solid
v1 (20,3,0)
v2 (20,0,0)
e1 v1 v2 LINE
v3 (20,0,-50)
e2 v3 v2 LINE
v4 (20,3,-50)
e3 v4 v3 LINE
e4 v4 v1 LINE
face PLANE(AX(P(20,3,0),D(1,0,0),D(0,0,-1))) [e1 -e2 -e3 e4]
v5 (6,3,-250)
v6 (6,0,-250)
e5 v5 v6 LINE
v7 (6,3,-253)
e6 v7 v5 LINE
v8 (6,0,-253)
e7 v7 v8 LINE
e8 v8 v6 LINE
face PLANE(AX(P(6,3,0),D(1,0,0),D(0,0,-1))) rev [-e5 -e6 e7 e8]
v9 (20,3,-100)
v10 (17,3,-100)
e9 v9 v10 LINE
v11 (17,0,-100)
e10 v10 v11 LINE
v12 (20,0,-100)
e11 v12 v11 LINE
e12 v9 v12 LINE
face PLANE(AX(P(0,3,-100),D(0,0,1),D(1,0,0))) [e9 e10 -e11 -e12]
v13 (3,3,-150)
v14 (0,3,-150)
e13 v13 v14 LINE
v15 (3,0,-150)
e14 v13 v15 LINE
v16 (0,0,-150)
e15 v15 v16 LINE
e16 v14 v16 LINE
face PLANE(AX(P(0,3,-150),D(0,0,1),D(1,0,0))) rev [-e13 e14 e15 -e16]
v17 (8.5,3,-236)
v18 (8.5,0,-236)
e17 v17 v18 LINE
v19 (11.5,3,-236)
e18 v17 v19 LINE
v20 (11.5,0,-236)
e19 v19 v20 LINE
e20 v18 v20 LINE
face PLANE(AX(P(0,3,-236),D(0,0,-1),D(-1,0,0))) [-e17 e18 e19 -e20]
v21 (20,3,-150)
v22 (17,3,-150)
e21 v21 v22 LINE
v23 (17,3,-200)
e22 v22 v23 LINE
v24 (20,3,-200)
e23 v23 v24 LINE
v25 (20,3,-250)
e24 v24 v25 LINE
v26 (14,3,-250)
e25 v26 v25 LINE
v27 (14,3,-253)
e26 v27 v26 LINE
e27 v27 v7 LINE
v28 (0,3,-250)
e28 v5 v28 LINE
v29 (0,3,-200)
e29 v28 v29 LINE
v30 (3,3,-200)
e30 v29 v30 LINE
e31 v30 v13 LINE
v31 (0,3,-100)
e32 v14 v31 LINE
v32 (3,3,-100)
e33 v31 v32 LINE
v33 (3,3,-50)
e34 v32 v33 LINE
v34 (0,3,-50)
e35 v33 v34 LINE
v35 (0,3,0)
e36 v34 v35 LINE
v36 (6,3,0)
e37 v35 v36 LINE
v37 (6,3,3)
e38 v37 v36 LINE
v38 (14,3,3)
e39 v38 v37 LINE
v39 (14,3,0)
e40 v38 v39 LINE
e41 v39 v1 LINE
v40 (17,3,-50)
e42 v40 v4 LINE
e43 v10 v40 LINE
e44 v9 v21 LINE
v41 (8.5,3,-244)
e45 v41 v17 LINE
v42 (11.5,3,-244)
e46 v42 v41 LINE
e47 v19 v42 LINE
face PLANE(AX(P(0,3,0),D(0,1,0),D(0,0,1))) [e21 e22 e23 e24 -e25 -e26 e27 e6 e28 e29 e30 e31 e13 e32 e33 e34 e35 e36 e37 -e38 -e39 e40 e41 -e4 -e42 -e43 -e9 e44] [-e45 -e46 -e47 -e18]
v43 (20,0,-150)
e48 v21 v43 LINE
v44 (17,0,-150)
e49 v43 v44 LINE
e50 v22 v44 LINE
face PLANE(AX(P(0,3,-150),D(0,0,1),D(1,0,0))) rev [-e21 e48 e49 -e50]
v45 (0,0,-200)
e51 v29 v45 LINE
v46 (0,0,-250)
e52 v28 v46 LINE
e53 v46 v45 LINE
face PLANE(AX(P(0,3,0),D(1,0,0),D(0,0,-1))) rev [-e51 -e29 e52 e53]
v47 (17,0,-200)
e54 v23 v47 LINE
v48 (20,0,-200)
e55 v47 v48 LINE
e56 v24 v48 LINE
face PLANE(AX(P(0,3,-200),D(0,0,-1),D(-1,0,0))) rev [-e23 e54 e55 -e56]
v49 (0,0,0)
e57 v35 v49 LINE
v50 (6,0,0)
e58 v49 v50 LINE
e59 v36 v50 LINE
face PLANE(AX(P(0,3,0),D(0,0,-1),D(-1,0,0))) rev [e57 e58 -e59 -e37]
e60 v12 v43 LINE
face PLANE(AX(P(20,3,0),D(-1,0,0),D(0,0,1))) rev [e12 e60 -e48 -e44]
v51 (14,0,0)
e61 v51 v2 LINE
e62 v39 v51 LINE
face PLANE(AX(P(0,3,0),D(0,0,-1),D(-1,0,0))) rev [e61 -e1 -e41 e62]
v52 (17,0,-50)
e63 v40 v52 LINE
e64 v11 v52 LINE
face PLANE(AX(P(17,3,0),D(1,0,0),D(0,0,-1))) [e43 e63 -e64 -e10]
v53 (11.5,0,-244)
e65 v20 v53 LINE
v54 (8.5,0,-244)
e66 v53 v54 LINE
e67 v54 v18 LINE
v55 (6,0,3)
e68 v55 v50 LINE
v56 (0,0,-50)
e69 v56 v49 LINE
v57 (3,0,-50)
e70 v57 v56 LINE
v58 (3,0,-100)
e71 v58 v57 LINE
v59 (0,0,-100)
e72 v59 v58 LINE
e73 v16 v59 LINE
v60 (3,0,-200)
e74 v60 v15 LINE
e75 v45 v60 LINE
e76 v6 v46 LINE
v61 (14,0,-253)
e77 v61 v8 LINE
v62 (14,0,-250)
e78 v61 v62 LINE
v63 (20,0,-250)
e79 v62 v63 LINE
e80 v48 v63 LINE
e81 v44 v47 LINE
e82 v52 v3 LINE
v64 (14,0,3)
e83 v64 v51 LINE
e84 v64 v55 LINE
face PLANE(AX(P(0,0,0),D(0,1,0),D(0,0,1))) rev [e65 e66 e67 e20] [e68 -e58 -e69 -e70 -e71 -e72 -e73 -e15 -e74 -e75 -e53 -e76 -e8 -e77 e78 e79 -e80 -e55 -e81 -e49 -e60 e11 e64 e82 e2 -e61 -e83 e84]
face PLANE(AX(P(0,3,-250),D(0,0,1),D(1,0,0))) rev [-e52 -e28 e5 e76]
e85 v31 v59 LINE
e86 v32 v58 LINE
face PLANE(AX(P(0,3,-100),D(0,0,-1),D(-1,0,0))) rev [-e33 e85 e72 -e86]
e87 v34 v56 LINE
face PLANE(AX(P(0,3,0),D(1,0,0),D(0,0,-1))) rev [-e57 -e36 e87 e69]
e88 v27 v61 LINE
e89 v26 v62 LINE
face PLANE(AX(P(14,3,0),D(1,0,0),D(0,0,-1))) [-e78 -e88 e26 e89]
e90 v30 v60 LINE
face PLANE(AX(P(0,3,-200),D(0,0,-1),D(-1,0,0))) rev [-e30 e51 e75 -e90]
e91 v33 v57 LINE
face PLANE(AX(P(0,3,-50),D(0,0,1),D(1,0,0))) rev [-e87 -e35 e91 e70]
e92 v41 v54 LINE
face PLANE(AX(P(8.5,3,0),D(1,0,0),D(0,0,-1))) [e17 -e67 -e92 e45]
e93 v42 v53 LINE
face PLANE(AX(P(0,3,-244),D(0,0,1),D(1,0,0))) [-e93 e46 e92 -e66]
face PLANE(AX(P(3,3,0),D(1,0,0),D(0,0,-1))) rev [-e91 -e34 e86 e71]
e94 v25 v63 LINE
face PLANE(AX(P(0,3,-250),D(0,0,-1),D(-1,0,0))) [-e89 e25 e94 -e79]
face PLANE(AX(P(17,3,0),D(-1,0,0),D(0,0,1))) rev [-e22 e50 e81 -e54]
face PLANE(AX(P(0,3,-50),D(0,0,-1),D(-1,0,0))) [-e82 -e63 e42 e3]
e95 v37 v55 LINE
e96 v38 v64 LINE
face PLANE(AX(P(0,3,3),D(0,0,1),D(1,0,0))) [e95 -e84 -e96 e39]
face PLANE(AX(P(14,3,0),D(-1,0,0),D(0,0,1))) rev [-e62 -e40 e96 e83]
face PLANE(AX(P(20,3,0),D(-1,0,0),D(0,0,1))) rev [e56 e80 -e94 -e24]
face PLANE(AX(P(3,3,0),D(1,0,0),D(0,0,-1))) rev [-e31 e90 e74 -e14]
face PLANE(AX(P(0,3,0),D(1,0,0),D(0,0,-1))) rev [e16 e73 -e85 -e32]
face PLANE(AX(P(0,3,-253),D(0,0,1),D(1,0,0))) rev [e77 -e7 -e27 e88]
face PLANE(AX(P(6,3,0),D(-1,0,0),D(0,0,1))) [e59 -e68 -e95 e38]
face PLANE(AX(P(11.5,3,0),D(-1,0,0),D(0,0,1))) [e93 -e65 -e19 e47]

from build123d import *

# Parameters (mm, degrees)
SALIENTE_EXTRUIR1_DEPTH = 3


with BuildPart() as part:
    # Croquis1 → Saliente-Extruir1 (new body)
    with BuildSketch(Plane(origin=(0, 0, 0), x_dir=(1, 0, 0), z_dir=(0, 1, 0))):
        Polygon((20, 250), (14, 250), (14, 253), (10, 253), (6, 253), (6, 250), (3, 250), (0, 250), (0, 200), (3, 200), (3, 150), (0, 150), (0, 100), (3, 100), (3, 50), (0, 50), (0, 0), (6, 0), (6, -3), (14, -3), (14, 0), (20, 0), (20, 50), (17, 50), (17, 100), (20, 100), (20, 125), (20, 150), (17, 150), (17, 200), (20, 200), align=None)
        Polygon((8.5, 244), (10, 244), (11.5, 244), (11.5, 236), (8.5, 236), align=None, mode=Mode.SUBTRACT)
    extrude(amount=SALIENTE_EXTRUIR1_DEPTH)


solid = part.part
